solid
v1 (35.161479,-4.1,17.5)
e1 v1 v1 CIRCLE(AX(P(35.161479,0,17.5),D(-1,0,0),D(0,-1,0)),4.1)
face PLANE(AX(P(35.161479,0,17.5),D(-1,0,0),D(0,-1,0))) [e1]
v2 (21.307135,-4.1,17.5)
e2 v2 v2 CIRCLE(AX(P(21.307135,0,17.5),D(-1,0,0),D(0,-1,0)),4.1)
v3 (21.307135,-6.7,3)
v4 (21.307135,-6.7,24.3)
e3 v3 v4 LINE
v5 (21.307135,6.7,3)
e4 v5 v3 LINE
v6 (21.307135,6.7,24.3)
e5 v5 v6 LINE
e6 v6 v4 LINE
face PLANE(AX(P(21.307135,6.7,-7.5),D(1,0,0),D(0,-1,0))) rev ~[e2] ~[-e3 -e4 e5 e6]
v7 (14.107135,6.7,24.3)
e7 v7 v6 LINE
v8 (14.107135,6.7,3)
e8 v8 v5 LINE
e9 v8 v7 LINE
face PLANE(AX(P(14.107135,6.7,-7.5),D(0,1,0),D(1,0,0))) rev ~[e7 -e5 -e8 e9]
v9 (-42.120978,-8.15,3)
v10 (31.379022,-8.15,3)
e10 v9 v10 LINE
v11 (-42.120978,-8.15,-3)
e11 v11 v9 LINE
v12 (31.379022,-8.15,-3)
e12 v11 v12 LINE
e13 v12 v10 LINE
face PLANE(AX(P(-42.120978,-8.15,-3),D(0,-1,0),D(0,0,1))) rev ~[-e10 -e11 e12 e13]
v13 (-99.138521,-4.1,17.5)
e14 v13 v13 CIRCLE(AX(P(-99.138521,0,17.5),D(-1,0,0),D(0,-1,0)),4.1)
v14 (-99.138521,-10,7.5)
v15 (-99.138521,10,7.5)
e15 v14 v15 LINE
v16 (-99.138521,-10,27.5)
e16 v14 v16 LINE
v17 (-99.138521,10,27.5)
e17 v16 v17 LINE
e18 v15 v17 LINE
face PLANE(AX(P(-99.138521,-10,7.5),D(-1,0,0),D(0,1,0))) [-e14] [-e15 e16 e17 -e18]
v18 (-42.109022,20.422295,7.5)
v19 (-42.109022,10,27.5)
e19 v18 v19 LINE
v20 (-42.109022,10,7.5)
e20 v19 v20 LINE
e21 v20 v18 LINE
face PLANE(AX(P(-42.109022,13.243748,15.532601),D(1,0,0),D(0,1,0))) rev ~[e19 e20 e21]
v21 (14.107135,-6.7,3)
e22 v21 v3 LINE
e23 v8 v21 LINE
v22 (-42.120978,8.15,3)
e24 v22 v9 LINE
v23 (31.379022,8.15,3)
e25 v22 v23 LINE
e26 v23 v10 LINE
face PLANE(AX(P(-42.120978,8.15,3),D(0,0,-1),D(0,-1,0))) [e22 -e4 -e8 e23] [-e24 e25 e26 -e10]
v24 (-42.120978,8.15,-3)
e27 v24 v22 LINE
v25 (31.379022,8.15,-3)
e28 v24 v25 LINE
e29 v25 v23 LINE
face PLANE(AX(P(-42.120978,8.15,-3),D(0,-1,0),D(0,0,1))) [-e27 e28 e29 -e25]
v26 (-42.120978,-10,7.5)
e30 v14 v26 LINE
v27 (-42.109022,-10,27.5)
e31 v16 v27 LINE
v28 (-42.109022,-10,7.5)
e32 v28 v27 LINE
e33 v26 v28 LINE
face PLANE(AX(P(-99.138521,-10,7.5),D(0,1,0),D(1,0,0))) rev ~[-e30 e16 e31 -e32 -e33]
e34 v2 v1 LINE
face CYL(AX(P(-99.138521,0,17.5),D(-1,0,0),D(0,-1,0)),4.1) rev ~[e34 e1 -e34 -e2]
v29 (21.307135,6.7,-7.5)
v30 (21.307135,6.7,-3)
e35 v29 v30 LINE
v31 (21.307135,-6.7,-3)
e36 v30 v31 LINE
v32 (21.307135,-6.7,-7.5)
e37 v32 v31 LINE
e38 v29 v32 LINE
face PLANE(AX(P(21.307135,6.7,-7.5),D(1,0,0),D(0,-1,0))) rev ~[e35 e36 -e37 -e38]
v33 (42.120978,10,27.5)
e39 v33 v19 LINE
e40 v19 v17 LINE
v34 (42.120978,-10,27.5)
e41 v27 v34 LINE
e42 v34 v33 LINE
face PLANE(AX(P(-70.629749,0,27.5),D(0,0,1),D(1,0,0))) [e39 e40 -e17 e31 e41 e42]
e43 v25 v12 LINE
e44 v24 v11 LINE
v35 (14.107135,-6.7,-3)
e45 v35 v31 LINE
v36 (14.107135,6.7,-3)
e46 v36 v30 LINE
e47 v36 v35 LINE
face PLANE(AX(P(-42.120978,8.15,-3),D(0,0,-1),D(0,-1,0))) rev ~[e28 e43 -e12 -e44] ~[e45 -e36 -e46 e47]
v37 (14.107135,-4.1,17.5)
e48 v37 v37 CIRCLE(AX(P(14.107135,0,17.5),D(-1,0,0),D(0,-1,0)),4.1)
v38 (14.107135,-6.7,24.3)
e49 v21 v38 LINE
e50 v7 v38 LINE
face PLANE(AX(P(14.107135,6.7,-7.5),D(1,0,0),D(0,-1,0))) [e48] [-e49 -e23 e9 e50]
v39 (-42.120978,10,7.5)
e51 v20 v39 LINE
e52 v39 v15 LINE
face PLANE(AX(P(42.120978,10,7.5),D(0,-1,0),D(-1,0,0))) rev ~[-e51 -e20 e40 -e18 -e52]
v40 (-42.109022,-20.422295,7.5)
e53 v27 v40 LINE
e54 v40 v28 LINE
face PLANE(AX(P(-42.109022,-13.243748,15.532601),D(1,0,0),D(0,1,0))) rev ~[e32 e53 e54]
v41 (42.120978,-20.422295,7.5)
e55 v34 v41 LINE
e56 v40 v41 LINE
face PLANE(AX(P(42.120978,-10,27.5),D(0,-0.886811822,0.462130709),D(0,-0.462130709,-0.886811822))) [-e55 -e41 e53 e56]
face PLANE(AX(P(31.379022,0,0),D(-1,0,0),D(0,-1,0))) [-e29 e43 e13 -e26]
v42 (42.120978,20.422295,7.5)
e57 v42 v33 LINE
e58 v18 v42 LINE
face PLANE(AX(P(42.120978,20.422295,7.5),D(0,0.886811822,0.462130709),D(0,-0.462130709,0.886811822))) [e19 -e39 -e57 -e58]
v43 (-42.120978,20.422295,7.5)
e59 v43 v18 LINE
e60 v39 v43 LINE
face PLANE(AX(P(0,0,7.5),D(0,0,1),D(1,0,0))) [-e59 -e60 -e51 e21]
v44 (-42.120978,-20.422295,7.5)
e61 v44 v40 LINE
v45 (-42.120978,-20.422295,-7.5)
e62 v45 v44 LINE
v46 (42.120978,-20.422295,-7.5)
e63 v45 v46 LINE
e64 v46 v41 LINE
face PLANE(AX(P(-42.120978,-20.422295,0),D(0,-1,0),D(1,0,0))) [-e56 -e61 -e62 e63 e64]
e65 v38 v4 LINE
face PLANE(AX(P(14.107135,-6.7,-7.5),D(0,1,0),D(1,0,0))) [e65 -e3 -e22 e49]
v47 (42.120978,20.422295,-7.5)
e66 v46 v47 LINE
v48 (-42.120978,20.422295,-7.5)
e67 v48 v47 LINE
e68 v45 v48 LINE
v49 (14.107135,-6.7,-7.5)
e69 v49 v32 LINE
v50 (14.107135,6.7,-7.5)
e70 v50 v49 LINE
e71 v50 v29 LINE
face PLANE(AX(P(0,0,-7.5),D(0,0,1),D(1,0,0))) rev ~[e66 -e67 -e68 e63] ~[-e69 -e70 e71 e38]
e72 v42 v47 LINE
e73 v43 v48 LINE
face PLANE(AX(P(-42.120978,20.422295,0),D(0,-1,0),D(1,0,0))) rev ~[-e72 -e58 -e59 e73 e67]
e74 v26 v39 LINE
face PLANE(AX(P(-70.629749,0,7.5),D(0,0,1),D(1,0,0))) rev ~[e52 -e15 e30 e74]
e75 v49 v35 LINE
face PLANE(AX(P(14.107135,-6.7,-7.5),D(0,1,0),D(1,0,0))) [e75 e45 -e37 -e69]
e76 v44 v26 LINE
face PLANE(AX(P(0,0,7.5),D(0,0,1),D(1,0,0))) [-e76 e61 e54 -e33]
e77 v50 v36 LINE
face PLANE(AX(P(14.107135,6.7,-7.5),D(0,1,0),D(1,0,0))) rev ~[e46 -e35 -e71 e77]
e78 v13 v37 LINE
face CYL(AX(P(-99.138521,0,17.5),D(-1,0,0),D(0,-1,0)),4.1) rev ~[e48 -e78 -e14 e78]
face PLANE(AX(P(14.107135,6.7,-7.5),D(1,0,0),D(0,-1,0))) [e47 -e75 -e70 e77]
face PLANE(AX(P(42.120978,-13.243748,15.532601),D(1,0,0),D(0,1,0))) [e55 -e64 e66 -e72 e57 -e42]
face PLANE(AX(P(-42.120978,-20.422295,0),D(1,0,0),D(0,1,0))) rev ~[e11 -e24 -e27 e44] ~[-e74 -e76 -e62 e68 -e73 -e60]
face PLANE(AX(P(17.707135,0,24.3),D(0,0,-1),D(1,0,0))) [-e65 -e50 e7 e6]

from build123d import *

# Parameters (mm, degrees)
F0_W      = 84.2419564724
F0_H      = 40.8445894718
F0_W_2    = 75
F0_H_2    = 16
F1_DEPTH  = 7.5
F2_W      = 16.3
F2_H      = 6
F3_DEPTH  = 73.5
F4_W      = 57.0175424218
F4_H      = 20
F4_W_2    = 84.2419564724
F5_DEPTH  = 20
F6_R      = 4.1
F7_DEPTH  = 134.3
F9_DEPTH  = 84.23
F10_W     = 7.2
F10_H     = 13.4
F11_DEPTH = 31.8


with BuildPart() as f1:
    # F0 (on Top) → F1 (new body, symmetric)
    with BuildSketch(Plane.XY):
        Rectangle(F0_W, F0_H)
        Rectangle(F0_W_2, F0_H_2, mode=Mode.SUBTRACT)
        Rectangle(F0_W_2, F0_H_2)
    extrude(amount=F1_DEPTH, both=True)

    # F2 (on face) → F3 (cut)
    with BuildSketch(Plane(origin=(-42.1209782362, 0, 0), x_dir=(0, -1, 0), z_dir=(-1, 0, 0))):
        Rectangle(F2_W, F2_H)
    extrude(amount=-F3_DEPTH, mode=Mode.SUBTRACT)

    # F4 (on face) → F5 (join)
    with BuildSketch(Plane.XY.offset(7.5)):
        with Locations((-70.6297494471, 0)):
            Rectangle(F4_W, F4_H)
        Rectangle(F4_W_2, F4_H)
    extrude(amount=F5_DEPTH)

    # F6 (on face) → F7 (cut)
    with BuildSketch(Plane(origin=(-99.138520658, 0, 0), x_dir=(0, -1, 0), z_dir=(-1, 0, 0))):
        with Locations((0, 17.5)):
            Circle(F6_R)
    extrude(amount=-F7_DEPTH, mode=Mode.SUBTRACT)

    # F8 (on face) → F9 (join)
    with BuildSketch(Plane.YZ.offset(42.1209782362)):
        Polygon((-10, 7.5), (-10, 27.5), (-20.4222947359, 7.5), align=None)
        Polygon((20.4222947359, 7.5), (10, 27.5), (10, 7.5), align=None)
    extrude(amount=-F9_DEPTH)

    # F10 (on face) → F11 (cut)
    with BuildSketch(Plane(origin=(0, 0, -7.5), x_dir=(1, 0, 0), z_dir=(0, 0, -1))):
        with Locations((17.7071348711, 0)):
            Rectangle(F10_W, F10_H)
    extrude(amount=-F11_DEPTH, mode=Mode.SUBTRACT)


solid = f1.part
